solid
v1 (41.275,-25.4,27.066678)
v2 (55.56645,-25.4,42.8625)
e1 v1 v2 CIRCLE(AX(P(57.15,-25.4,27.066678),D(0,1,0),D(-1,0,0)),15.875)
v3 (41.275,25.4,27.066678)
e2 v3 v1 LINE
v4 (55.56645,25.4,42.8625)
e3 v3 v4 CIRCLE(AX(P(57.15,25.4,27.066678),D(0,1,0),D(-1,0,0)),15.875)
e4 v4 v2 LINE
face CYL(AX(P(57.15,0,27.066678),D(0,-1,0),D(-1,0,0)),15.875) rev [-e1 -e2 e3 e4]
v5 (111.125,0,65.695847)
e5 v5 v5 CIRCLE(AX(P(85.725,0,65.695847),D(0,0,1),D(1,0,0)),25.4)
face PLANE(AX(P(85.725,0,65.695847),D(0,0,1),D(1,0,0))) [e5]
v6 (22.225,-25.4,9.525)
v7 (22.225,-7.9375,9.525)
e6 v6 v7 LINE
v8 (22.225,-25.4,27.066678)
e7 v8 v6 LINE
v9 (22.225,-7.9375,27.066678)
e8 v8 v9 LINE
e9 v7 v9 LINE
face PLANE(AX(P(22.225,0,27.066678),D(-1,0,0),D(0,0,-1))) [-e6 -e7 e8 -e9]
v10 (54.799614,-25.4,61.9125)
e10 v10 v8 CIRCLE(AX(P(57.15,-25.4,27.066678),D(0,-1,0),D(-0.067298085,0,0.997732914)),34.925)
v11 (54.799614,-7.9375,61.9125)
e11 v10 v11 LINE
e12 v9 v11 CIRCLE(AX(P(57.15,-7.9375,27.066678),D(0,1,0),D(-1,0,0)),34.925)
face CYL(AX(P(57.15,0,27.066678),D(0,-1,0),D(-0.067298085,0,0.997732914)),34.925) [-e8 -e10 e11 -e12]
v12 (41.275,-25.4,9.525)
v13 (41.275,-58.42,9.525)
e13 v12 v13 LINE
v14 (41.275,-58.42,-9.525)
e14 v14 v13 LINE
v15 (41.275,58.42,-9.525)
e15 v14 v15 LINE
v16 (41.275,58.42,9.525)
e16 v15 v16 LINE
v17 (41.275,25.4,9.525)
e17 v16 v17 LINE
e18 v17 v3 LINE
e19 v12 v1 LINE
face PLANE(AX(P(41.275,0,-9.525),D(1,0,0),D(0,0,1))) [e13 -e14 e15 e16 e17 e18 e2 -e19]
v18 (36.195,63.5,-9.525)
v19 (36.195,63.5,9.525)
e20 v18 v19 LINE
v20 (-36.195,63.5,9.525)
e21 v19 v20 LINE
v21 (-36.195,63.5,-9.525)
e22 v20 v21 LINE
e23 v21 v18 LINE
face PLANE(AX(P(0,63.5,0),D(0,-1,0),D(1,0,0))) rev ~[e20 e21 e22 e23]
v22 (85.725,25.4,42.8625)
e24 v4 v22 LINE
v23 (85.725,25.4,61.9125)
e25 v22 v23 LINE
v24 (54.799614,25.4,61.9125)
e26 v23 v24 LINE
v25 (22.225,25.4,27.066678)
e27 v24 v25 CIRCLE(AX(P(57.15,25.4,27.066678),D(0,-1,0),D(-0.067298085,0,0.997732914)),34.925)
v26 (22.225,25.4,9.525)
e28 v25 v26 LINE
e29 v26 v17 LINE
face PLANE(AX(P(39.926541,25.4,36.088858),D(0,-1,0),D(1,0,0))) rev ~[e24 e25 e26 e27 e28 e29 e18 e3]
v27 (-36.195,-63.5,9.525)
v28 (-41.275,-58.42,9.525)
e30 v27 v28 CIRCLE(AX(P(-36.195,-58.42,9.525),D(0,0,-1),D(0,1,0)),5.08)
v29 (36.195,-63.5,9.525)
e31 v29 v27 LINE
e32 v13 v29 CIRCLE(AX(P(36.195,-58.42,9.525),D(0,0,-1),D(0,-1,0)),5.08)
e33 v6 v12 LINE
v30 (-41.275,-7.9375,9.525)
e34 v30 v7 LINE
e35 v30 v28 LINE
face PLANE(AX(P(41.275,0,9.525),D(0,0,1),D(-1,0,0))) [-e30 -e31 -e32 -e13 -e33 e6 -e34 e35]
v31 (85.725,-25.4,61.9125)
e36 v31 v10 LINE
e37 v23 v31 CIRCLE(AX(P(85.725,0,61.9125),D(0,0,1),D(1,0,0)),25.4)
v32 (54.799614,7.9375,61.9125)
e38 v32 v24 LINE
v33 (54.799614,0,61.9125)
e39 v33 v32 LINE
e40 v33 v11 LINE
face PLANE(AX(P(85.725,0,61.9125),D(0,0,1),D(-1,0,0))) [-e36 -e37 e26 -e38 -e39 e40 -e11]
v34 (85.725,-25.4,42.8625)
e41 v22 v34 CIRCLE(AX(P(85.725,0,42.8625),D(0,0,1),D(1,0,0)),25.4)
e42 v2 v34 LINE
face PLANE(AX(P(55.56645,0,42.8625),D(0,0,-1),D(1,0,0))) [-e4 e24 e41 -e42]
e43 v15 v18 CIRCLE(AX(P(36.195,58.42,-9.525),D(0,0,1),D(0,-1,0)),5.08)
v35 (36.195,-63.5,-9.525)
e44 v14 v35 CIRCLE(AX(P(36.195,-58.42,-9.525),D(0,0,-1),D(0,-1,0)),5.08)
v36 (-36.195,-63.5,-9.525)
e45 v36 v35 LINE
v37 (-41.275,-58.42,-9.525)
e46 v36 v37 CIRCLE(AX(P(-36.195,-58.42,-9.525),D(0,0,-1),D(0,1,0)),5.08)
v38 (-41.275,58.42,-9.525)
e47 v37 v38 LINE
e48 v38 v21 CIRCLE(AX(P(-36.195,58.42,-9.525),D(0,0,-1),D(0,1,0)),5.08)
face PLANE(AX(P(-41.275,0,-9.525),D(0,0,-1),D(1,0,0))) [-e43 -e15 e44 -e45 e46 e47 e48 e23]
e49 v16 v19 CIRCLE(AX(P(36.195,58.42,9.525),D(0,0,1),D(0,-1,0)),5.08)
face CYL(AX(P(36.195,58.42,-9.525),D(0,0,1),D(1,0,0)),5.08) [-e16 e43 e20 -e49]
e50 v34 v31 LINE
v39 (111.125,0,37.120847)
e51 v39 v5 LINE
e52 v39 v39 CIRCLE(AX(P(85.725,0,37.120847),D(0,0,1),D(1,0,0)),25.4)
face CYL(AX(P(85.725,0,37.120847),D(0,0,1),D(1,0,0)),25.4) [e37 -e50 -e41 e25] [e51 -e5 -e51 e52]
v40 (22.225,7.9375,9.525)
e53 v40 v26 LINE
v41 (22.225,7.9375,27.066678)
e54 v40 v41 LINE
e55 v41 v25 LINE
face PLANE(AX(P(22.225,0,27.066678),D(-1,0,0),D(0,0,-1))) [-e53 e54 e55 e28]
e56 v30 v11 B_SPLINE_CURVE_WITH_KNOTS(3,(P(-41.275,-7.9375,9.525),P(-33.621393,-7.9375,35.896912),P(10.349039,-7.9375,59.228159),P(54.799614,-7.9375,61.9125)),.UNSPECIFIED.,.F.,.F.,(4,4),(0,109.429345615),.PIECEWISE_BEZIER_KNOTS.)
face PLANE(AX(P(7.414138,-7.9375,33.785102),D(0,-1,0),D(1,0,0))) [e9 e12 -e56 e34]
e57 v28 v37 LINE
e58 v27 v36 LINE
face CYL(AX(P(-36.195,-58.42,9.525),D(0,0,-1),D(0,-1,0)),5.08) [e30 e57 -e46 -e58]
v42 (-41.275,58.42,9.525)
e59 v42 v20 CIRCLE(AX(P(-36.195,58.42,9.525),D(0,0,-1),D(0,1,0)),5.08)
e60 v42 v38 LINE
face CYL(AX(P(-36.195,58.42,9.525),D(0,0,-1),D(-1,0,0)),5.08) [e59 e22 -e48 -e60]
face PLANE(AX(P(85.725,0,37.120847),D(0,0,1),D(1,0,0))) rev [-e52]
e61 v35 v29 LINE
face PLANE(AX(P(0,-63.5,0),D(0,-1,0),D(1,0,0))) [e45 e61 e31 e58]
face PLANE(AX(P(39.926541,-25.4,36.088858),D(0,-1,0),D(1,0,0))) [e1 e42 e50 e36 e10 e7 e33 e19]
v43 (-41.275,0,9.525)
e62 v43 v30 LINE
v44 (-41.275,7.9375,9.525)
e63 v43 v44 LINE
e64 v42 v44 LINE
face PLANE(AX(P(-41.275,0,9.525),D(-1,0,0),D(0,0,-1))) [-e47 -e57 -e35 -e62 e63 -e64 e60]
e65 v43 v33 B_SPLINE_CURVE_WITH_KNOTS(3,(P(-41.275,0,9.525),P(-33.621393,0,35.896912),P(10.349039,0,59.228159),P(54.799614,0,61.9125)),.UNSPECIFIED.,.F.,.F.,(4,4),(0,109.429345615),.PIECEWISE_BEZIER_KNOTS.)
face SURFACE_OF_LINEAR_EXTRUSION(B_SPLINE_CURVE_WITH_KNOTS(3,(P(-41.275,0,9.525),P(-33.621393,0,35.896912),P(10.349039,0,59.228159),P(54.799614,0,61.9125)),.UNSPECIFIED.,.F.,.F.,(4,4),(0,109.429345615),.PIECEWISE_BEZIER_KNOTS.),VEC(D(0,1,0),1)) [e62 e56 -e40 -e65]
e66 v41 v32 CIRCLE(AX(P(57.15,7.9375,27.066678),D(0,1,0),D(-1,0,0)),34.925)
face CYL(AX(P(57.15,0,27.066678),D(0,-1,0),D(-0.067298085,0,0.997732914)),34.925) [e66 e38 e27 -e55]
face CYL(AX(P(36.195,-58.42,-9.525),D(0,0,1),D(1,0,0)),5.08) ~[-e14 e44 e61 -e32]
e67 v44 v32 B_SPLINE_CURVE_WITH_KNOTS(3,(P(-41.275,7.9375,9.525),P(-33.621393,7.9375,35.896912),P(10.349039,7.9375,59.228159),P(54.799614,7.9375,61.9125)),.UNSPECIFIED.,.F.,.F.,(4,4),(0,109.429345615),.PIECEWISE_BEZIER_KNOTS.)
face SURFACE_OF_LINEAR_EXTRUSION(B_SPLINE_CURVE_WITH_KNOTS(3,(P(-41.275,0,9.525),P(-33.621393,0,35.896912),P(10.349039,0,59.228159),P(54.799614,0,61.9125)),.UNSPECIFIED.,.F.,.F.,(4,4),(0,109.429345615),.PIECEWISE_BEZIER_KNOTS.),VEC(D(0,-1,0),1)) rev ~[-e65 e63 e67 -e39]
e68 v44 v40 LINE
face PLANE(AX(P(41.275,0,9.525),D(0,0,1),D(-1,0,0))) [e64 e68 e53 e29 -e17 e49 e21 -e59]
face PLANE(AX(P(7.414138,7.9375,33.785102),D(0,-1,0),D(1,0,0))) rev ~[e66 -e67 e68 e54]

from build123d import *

# Parameters (mm, degrees)
F1_DEPTH = 63.5
F0_W     = 25.4
F0_H     = 19.05
F2_DEPTH = 25.4
F3_DEPTH = 7.9375
F5_R     = 5.08


with BuildPart() as f1:
    # F0 (on Front) → F1 (new body, symmetric)
    with BuildSketch(Plane.XZ):
        Polygon((41.275, -9.525), (41.275, 9.525), (22.225, 9.525), (-41.275, 9.525), (-41.275, -9.525), align=None)
    extrude(amount=F1_DEPTH, both=True)

    # F0 (on Front) → F2 (join, symmetric)
    with BuildSketch(Plane.XZ):
        with BuildLine():
            Line((22.225, 9.525), (41.275, 9.525))
            Line((41.275, 9.525), (41.275, 27.0666779783))
            ThreePointArc((41.275, 27.0666779783), (45.3781164095, 37.7174235733), (55.566449667, 42.8625))
            Line((55.566449667, 42.8625), (60.325, 42.8625))
            Line((60.325, 42.8625), (60.325, 61.9125))
            Line((60.325, 61.9125), (54.799614366, 61.9125))
            ThreePointArc((54.799614366, 61.9125), (31.6368382666, 50.9169233306), (22.225, 27.0666779783))
            Line((22.225, 27.0666779783), (22.225, 9.525))
        make_face()
        with Locations((73.025, 52.3875)):
            Rectangle(F0_W, F0_H)
    extrude(amount=F2_DEPTH, both=True)

    # F0 (on Front) → F3 (join, symmetric)
    with BuildSketch(Plane.XZ):
        with BuildLine():
            Line((-41.275, 9.525), (22.225, 9.525))
            Line((22.225, 9.525), (22.225, 27.0666779783))
            ThreePointArc((22.225, 27.0666779783), (31.6368382666, 50.9169233306), (54.799614366, 61.9125))
            add(Edge.make_bspline(
                [(-41.275, 9.525), (-33.6213931441, 35.8969122171), (10.3490389884, 59.2281594872), (54.799614366, 61.9125)],
                knots=[0, 0, 0, 0, 109.4293456154, 109.4293456154, 109.4293456154, 109.4293456154], degree=3))
        make_face()
    extrude(amount=F3_DEPTH, both=True)

    # F0 (on Front) → F4 (revolve)
    with BuildSketch(Plane.XZ):
        Polygon((85.725, 61.9125), (85.725, 42.8625), (85.725, 37.1208467424), (111.125, 37.1208467424), (111.125, 65.6958467424), (85.725, 65.6958467424), align=None)
    revolve(axis=Axis((85.725, 0, 51.4083467424), (0, 0, 1)))

    # F5
    f5_edges = [f1.edges().sort_by_distance(p)[0] for p in [
        (41.275, -63.5, 0),
        (41.275, 63.5, 0),
        (-41.275, -63.5, 0),
        (-41.275, 63.5, 0),
        (41.275, 0, 27.066678),
    ]]
    fillet(f5_edges, radius=F5_R)


solid = f1.part
